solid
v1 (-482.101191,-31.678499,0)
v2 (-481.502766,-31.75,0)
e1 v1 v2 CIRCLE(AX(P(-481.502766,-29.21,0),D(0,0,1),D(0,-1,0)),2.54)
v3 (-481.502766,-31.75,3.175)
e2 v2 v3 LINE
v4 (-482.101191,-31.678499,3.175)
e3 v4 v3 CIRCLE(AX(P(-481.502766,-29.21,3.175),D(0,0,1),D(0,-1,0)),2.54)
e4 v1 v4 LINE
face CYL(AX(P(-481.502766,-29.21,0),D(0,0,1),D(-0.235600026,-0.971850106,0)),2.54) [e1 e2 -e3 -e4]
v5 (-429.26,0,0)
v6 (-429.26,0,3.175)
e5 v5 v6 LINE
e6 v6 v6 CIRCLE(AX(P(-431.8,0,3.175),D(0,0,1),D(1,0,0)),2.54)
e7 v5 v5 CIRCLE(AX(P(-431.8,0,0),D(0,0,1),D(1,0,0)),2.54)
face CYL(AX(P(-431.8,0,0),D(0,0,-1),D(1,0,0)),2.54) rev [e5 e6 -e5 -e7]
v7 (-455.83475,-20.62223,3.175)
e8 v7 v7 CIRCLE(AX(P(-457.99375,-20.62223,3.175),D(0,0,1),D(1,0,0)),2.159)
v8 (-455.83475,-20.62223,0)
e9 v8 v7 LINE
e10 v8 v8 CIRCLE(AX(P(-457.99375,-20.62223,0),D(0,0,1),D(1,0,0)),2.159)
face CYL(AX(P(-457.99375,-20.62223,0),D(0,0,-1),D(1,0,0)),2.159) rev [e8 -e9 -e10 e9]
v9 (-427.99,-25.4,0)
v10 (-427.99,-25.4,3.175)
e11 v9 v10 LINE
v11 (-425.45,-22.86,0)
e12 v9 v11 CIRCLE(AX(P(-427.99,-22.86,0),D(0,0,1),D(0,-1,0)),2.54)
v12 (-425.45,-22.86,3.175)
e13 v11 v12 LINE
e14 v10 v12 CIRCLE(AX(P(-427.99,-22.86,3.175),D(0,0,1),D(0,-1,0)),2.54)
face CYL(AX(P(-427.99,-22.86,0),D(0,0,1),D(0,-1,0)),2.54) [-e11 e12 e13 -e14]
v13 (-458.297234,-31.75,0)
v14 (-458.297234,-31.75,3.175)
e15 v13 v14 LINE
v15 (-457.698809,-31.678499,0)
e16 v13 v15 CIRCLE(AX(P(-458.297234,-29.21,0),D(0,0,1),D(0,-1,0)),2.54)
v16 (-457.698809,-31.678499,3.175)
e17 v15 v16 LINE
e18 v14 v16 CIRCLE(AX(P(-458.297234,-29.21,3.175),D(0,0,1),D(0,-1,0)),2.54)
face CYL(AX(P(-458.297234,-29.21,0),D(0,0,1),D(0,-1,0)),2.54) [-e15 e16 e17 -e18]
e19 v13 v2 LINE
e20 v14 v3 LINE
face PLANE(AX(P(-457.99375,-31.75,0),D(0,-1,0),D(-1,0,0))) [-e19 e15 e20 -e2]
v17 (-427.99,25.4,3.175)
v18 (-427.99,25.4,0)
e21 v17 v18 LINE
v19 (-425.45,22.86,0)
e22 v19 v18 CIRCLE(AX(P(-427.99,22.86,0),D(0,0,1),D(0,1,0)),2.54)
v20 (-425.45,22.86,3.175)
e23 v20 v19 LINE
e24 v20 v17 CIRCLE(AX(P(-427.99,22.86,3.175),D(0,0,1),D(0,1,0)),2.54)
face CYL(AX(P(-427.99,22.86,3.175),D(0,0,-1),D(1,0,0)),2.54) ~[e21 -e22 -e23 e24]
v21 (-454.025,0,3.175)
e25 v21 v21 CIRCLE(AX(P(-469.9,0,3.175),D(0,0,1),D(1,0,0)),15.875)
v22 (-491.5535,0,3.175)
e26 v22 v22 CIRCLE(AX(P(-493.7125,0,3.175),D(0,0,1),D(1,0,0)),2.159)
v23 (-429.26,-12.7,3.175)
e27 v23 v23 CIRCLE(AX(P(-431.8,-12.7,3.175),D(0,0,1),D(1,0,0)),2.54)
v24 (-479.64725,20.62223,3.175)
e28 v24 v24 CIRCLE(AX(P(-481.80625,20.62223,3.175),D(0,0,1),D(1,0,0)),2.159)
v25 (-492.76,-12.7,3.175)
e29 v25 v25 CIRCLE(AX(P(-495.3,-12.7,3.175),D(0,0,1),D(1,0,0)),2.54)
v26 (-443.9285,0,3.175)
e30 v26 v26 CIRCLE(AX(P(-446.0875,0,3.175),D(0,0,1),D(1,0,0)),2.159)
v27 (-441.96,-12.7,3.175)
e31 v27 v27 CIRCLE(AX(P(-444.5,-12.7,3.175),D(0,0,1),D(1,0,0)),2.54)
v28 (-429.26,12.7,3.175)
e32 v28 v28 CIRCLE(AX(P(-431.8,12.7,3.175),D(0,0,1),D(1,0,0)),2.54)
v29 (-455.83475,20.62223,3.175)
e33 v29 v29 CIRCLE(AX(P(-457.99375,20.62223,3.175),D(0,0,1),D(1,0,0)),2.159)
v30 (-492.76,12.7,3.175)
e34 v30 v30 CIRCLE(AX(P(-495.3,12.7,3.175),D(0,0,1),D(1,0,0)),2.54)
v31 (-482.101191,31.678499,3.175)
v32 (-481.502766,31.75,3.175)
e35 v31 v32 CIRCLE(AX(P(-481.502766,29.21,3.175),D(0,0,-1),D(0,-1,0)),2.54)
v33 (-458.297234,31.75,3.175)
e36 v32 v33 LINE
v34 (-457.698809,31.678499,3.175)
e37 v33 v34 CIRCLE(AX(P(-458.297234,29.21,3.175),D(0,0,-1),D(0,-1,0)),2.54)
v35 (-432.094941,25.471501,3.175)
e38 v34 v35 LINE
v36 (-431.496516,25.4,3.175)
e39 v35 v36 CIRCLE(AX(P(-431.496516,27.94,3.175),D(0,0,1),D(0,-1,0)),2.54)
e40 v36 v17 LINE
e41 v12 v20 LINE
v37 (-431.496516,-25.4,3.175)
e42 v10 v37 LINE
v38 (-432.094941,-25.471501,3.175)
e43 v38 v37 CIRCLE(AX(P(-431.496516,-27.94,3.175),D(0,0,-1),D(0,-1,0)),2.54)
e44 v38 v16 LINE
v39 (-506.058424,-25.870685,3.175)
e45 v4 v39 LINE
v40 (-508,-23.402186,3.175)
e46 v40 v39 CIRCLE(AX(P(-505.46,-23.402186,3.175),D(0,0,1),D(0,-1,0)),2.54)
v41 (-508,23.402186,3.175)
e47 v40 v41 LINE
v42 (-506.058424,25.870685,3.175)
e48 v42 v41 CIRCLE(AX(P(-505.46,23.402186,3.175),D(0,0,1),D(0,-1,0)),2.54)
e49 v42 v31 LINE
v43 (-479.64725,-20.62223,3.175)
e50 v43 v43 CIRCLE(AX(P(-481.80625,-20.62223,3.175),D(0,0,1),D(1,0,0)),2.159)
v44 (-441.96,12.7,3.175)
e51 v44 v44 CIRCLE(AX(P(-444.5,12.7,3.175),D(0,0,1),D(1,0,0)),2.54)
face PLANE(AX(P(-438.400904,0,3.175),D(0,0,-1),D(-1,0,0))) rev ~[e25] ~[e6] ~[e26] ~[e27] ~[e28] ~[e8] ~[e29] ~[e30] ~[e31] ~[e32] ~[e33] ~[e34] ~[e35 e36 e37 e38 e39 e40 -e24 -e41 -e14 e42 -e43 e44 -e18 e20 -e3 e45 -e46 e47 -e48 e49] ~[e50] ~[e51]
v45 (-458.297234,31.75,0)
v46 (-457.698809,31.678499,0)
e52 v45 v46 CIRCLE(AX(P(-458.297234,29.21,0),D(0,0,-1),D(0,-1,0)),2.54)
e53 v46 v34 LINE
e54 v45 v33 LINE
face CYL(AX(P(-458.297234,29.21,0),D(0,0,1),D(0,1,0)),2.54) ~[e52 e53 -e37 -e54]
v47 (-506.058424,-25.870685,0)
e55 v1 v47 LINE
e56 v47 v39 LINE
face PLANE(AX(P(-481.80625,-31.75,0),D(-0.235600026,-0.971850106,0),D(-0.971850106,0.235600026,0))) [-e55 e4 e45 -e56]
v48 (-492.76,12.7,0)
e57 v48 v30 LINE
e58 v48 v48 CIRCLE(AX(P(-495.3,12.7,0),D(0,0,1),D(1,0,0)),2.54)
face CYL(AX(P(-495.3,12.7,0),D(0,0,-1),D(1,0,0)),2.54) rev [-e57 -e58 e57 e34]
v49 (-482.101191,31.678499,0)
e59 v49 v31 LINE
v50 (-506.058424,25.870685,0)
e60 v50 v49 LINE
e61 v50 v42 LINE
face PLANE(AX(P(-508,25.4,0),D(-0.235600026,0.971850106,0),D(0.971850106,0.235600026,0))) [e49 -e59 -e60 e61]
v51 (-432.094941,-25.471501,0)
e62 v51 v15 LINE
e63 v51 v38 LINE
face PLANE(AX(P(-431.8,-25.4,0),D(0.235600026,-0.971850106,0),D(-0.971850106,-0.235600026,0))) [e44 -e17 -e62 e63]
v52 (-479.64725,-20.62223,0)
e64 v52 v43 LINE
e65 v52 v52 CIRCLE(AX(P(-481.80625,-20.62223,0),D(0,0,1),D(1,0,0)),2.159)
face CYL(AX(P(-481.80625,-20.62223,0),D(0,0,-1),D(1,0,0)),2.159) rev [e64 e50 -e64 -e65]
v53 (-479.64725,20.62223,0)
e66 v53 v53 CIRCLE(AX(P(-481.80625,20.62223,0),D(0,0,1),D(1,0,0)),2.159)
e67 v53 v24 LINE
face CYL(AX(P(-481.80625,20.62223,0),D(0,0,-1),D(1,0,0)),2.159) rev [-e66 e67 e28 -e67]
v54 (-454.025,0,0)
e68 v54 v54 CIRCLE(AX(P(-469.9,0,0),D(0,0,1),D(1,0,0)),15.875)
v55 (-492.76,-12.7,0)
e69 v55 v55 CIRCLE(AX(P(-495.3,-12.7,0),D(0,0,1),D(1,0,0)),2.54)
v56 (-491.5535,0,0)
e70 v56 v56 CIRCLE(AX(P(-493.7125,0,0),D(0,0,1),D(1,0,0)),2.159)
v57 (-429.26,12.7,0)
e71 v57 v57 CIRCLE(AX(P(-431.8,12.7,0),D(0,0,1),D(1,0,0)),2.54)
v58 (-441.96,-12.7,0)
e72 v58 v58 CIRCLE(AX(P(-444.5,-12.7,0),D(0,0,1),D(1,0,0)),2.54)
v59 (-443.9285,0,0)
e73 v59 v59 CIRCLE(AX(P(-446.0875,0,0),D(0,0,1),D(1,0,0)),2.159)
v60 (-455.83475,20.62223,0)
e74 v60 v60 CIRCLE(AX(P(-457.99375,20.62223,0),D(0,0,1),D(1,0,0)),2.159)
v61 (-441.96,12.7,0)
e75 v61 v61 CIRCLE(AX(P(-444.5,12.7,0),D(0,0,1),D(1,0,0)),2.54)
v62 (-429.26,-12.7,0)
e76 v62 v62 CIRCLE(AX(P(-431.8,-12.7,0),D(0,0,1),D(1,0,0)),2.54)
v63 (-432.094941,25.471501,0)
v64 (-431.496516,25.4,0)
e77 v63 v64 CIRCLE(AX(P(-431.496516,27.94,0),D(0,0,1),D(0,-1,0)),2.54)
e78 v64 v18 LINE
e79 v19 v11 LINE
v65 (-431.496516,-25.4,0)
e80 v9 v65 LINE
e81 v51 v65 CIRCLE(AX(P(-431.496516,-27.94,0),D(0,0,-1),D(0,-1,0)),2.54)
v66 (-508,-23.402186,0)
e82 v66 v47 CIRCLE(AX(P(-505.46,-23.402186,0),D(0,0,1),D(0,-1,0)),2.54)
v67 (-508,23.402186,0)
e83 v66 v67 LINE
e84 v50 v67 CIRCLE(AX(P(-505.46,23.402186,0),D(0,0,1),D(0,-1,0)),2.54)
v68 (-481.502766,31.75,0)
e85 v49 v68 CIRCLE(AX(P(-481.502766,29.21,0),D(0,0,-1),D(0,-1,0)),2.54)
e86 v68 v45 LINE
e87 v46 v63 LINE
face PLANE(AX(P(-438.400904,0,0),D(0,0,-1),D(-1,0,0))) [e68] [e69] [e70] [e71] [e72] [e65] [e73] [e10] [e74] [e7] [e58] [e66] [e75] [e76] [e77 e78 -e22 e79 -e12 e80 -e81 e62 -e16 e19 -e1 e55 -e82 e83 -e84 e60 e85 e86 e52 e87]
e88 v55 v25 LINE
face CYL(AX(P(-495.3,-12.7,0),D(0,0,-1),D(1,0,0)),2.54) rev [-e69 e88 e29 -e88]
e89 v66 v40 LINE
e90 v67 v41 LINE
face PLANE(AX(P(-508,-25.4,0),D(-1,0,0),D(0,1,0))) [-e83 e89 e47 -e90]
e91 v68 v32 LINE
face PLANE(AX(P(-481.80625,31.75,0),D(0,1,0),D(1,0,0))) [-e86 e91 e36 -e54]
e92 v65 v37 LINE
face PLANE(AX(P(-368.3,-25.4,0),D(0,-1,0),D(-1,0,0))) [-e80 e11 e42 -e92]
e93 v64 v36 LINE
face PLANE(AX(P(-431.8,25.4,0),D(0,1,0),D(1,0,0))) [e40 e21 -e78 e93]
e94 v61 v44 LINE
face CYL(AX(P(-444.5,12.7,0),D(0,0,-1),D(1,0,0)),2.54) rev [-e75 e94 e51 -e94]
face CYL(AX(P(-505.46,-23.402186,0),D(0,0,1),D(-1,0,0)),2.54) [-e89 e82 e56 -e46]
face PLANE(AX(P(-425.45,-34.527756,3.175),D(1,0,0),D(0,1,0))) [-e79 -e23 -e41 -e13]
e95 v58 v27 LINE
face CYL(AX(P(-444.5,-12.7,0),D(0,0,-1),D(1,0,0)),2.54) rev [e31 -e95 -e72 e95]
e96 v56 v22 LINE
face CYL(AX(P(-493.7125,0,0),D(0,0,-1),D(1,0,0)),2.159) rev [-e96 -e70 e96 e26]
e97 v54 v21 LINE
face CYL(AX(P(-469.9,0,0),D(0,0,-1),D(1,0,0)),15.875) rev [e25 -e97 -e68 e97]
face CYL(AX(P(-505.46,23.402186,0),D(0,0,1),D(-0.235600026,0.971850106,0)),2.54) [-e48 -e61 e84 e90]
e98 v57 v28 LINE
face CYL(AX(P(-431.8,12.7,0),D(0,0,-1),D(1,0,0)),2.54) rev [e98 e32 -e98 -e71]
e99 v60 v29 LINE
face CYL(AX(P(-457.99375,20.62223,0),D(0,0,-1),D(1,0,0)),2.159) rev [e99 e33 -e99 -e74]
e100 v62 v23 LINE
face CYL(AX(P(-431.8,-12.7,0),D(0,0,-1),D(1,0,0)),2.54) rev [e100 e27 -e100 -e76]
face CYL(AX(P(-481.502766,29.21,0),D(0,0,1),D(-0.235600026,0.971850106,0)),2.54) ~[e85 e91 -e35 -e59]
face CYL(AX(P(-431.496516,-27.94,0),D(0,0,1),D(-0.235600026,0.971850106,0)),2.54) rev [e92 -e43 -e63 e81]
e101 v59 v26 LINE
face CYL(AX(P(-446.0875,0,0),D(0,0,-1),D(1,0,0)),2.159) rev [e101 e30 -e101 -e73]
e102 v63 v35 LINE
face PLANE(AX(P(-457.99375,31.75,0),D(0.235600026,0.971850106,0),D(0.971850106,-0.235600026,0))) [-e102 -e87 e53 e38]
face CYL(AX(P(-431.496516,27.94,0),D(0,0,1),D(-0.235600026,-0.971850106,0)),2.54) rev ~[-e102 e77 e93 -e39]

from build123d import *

# Parameters (mm, degrees)
SKETCH2_R           = 15.875
SKETCH2_R_2         = 2.159
SKETCH2_R_3         = 2.54
BOSS_EXTRUDE1_DEPTH = 3.175
FILLET1_R           = 2.54
SKETCH3_OUTSIDE_W   = 172.398
SKETCH3_OUTSIDE_H   = 96.198
SKETCH3_OUTSIDE_W_2 = 82.55
SKETCH3_OUTSIDE_H_2 = 74.066797773
CUT_EXTRUDE1_DEPTH  = 510.001122911
FILLET2_R           = 2.54


with BuildPart() as part:
    # Sketch2 → Boss-Extrude1 (new body)
    with BuildSketch(Plane.XY):
        Polygon((-508, 25.4), (-481.80625, 31.75), (-457.99375, 31.75), (-431.8, 25.4), (-368.3, 25.4), (-368.3, -25.4), (-431.8, -25.4), (-457.99375, -31.75), (-481.80625, -31.75), (-508, -25.4), align=None)
        with Locations((-469.9, 0)):
            Circle(SKETCH2_R, mode=Mode.SUBTRACT)
        with Locations((-457.99375, 20.622229928)):
            Circle(SKETCH2_R_2, mode=Mode.SUBTRACT)
        with Locations((-481.80625, 20.622229928)):
            Circle(SKETCH2_R_2, mode=Mode.SUBTRACT)
        with Locations((-493.7125, 0)):
            Circle(SKETCH2_R_2, mode=Mode.SUBTRACT)
        with Locations((-481.80625, -20.622229928)):
            Circle(SKETCH2_R_2, mode=Mode.SUBTRACT)
        with Locations((-457.99375, -20.622229928)):
            Circle(SKETCH2_R_2, mode=Mode.SUBTRACT)
        with Locations((-446.0875, 0)):
            Circle(SKETCH2_R_2, mode=Mode.SUBTRACT)
        with Locations((-495.3, 12.7)):
            Circle(SKETCH2_R_3, mode=Mode.SUBTRACT)
        with Locations((-495.3, -12.7)):
            Circle(SKETCH2_R_3, mode=Mode.SUBTRACT)
        with Locations((-444.5, -12.7)):
            Circle(SKETCH2_R_3, mode=Mode.SUBTRACT)
        with Locations((-431.8, -12.7)):
            Circle(SKETCH2_R_3, mode=Mode.SUBTRACT)
        with Locations((-419.1, -12.7)):
            Circle(SKETCH2_R_3, mode=Mode.SUBTRACT)
        with Locations((-419.1, 0)):
            Circle(SKETCH2_R_3, mode=Mode.SUBTRACT)
        with Locations((-431.8, 0)):
            Circle(SKETCH2_R_3, mode=Mode.SUBTRACT)
        with Locations((-431.8, 12.7)):
            Circle(SKETCH2_R_3, mode=Mode.SUBTRACT)
        with Locations((-419.1, 12.7)):
            Circle(SKETCH2_R_3, mode=Mode.SUBTRACT)
        with Locations((-444.5, 12.7)):
            Circle(SKETCH2_R_3, mode=Mode.SUBTRACT)
        with Locations((-406.4, 12.7)):
            Circle(SKETCH2_R_3, mode=Mode.SUBTRACT)
        with Locations((-406.4, 0)):
            Circle(SKETCH2_R_3, mode=Mode.SUBTRACT)
        with Locations((-406.4, -12.7)):
            Circle(SKETCH2_R_3, mode=Mode.SUBTRACT)
        with Locations((-393.7, 12.7)):
            Circle(SKETCH2_R_3, mode=Mode.SUBTRACT)
        with Locations((-393.7, 0)):
            Circle(SKETCH2_R_3, mode=Mode.SUBTRACT)
        with Locations((-393.7, -12.7)):
            Circle(SKETCH2_R_3, mode=Mode.SUBTRACT)
        with Locations((-381, 12.7)):
            Circle(SKETCH2_R_3, mode=Mode.SUBTRACT)
        with Locations((-381, 0)):
            Circle(SKETCH2_R_3, mode=Mode.SUBTRACT)
        with Locations((-381, -12.7)):
            Circle(SKETCH2_R_3, mode=Mode.SUBTRACT)
    extrude(amount=BOSS_EXTRUDE1_DEPTH)

    # Fillet1
    fillet1_edges = [part.edges().sort_by_distance(p)[0] for p in [
        (-508, 25.4, 1.5875),
        (-481.80625, 31.75, 1.5875),
        (-457.99375, 31.75, 1.5875),
        (-431.8, 25.4, 1.5875),
        (-368.3, 25.4, 1.5875),
        (-368.3, -25.4, 1.5875),
        (-431.8, -25.4, 1.5875),
        (-457.99375, -31.75, 1.5875),
        (-481.80625, -31.75, 1.5875),
        (-508, -25.4, 1.5875),
    ]]
    fillet(fillet1_edges, radius=FILLET1_R)

    # Sketch3 outside → Cut-Extrude1 (cut, through all)
    with BuildSketch(Plane.XY.offset(3.175)):
        with Locations((-438.15, 0)):
            Rectangle(SKETCH3_OUTSIDE_W, SKETCH3_OUTSIDE_H)
        with Locations((-466.725, 2.505642685)):
            Rectangle(SKETCH3_OUTSIDE_W_2, SKETCH3_OUTSIDE_H_2, mode=Mode.SUBTRACT)
    extrude(amount=-CUT_EXTRUDE1_DEPTH, mode=Mode.SUBTRACT)

    # Fillet2
    fillet2_edges = [part.edges().sort_by_distance(p)[0] for p in [
        (-425.45, 25.4, 1.5875),
        (-425.45, -25.4, 1.5875),
    ]]
    fillet(fillet2_edges, radius=FILLET2_R)


solid = part.part
